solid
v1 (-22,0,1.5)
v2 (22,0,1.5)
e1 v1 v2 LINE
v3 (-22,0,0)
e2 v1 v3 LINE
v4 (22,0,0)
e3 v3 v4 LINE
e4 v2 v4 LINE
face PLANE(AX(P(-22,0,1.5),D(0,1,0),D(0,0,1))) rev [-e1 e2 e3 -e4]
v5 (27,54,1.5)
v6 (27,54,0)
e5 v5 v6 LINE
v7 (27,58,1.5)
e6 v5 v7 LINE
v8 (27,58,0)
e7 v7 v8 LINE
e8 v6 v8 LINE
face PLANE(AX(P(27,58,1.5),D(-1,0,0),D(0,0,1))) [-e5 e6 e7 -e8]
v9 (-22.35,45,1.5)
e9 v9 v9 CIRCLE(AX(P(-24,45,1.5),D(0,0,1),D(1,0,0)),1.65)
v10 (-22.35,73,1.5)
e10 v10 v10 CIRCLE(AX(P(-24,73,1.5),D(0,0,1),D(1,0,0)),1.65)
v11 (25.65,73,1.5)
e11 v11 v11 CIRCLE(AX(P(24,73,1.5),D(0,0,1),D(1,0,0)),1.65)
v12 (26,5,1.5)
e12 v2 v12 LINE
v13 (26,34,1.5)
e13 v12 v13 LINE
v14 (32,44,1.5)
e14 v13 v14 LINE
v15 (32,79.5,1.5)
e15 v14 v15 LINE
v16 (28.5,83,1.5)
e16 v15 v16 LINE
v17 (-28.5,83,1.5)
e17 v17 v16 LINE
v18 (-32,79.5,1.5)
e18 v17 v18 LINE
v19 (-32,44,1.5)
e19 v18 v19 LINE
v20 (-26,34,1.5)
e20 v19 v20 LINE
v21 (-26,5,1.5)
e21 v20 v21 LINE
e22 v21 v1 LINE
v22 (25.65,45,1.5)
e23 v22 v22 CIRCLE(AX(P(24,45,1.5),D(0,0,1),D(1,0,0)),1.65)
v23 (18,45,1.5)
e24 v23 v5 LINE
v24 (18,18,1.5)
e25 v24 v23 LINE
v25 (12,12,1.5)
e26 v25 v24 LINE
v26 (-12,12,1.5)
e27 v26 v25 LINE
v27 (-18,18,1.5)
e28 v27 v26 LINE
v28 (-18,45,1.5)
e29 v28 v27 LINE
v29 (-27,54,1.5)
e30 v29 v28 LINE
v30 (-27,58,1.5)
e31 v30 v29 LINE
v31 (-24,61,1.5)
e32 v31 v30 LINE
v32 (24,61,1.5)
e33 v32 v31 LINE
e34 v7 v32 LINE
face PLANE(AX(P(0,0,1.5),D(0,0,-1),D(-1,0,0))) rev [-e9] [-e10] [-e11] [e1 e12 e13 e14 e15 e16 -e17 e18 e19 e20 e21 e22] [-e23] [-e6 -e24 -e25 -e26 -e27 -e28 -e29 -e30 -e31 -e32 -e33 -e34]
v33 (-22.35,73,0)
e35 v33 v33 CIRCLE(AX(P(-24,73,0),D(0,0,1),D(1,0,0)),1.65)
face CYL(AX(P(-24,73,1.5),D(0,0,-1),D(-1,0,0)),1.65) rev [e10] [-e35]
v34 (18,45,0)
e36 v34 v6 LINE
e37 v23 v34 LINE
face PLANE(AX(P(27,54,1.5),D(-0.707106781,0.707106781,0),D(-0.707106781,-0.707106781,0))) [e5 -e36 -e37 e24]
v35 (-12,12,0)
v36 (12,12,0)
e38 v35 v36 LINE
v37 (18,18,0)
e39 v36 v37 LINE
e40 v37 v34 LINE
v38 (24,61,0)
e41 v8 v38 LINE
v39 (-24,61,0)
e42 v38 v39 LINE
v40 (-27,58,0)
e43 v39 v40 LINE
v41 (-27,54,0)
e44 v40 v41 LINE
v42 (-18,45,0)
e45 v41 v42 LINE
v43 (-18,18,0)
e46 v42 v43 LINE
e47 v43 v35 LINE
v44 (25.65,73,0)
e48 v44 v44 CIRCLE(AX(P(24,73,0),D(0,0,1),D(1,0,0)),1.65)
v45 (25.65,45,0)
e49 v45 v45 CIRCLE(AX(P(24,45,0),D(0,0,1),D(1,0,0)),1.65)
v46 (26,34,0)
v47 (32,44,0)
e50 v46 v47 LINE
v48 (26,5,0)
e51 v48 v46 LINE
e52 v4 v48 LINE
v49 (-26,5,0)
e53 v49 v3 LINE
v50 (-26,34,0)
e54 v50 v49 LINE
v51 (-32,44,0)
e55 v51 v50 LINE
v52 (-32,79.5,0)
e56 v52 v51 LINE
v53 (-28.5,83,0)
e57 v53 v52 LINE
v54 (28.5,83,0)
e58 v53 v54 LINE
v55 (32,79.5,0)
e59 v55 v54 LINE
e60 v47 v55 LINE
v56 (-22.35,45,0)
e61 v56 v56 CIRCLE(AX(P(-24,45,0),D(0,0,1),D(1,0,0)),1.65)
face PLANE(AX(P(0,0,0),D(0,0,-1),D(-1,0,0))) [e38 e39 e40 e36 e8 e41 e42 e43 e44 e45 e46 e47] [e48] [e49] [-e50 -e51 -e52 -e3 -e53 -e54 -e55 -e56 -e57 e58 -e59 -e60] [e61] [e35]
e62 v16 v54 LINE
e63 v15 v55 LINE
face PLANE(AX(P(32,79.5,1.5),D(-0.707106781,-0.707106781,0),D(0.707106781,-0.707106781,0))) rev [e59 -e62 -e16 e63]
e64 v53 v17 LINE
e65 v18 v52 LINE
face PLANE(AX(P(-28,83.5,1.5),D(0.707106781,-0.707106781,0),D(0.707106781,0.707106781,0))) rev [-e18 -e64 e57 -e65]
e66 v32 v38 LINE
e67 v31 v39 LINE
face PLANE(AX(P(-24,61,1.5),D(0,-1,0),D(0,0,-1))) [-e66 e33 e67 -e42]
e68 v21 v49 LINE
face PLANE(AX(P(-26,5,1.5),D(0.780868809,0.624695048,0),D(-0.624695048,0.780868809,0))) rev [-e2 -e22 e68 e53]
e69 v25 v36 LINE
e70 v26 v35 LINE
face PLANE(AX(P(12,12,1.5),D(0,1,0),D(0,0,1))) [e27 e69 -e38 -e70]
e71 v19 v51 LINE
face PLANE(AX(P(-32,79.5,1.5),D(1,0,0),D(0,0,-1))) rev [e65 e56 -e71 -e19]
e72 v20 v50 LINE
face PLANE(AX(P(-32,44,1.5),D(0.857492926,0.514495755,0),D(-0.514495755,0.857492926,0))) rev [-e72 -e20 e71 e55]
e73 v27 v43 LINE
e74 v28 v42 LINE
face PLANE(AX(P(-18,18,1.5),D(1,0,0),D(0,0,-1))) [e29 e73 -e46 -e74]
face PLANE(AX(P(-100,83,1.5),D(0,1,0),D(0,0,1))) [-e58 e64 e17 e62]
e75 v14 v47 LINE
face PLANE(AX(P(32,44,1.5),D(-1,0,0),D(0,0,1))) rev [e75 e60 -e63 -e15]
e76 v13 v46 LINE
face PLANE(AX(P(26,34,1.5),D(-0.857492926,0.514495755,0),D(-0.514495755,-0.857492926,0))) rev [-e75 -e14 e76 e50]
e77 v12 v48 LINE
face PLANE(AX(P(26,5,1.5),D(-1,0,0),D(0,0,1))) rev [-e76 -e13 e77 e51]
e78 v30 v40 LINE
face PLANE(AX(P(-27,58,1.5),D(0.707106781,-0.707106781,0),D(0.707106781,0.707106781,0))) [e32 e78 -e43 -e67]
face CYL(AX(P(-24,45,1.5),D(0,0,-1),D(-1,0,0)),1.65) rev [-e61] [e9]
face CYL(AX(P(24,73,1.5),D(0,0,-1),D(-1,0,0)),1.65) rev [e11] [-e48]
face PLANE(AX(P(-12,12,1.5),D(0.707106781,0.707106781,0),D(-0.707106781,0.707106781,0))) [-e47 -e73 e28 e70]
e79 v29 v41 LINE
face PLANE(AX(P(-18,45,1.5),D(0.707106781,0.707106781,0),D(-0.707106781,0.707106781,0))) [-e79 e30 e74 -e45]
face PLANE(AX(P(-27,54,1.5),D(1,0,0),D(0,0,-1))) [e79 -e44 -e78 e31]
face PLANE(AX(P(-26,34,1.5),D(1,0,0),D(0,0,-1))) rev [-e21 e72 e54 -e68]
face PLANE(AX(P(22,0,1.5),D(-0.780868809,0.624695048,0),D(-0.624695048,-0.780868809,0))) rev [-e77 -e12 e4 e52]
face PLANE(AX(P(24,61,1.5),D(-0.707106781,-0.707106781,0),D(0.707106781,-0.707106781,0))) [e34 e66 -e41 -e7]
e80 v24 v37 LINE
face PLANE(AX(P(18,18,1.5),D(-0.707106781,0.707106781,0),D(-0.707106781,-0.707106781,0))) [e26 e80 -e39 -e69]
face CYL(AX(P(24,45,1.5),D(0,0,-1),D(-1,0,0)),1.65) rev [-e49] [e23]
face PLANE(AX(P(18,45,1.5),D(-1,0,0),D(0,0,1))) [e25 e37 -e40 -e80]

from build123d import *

# Parameters (mm, degrees)
SKETCH_1_R            = 1.65
EXTRUDE_267_DEPTH     = 1.5
SKETCH_3_W            = 200
SKETCH_3_H            = 2
CUT_EXTRUDE_0P5_DEPTH = 1.5


with BuildPart() as part:
    # 草图1 → Extrude 267 (new body)
    with BuildSketch(Plane.XY):
        Polygon((-22, 0), (22, 0), (26, 5), (26, 34), (32, 44), (32, 79.5), (28, 83.5), (-28, 83.5), (-32, 79.5), (-32, 44), (-26, 34), (-26, 5), align=None)
        with Locations((-24, 45)):
            Circle(SKETCH_1_R, mode=Mode.SUBTRACT)
        with Locations((24, 45)):
            Circle(SKETCH_1_R, mode=Mode.SUBTRACT)
        with Locations((-24, 73)):
            Circle(SKETCH_1_R, mode=Mode.SUBTRACT)
        with Locations((24, 73)):
            Circle(SKETCH_1_R, mode=Mode.SUBTRACT)
        Polygon((-24, 61), (24, 61), (27, 58), (27, 54), (18, 45), (18, 18), (12, 12), (-12, 12), (-18, 18), (-18, 45), (-27, 54), (-27, 58), align=None, mode=Mode.SUBTRACT)
    extrude(amount=EXTRUDE_267_DEPTH)

    # 草图3 → 底板加厚上沿退让0p5 (cut)
    with BuildSketch(Plane.XY):
        with Locations((0, 84)):
            Rectangle(SKETCH_3_W, SKETCH_3_H)
    extrude(amount=CUT_EXTRUDE_0P5_DEPTH, mode=Mode.SUBTRACT)


solid = part.part
